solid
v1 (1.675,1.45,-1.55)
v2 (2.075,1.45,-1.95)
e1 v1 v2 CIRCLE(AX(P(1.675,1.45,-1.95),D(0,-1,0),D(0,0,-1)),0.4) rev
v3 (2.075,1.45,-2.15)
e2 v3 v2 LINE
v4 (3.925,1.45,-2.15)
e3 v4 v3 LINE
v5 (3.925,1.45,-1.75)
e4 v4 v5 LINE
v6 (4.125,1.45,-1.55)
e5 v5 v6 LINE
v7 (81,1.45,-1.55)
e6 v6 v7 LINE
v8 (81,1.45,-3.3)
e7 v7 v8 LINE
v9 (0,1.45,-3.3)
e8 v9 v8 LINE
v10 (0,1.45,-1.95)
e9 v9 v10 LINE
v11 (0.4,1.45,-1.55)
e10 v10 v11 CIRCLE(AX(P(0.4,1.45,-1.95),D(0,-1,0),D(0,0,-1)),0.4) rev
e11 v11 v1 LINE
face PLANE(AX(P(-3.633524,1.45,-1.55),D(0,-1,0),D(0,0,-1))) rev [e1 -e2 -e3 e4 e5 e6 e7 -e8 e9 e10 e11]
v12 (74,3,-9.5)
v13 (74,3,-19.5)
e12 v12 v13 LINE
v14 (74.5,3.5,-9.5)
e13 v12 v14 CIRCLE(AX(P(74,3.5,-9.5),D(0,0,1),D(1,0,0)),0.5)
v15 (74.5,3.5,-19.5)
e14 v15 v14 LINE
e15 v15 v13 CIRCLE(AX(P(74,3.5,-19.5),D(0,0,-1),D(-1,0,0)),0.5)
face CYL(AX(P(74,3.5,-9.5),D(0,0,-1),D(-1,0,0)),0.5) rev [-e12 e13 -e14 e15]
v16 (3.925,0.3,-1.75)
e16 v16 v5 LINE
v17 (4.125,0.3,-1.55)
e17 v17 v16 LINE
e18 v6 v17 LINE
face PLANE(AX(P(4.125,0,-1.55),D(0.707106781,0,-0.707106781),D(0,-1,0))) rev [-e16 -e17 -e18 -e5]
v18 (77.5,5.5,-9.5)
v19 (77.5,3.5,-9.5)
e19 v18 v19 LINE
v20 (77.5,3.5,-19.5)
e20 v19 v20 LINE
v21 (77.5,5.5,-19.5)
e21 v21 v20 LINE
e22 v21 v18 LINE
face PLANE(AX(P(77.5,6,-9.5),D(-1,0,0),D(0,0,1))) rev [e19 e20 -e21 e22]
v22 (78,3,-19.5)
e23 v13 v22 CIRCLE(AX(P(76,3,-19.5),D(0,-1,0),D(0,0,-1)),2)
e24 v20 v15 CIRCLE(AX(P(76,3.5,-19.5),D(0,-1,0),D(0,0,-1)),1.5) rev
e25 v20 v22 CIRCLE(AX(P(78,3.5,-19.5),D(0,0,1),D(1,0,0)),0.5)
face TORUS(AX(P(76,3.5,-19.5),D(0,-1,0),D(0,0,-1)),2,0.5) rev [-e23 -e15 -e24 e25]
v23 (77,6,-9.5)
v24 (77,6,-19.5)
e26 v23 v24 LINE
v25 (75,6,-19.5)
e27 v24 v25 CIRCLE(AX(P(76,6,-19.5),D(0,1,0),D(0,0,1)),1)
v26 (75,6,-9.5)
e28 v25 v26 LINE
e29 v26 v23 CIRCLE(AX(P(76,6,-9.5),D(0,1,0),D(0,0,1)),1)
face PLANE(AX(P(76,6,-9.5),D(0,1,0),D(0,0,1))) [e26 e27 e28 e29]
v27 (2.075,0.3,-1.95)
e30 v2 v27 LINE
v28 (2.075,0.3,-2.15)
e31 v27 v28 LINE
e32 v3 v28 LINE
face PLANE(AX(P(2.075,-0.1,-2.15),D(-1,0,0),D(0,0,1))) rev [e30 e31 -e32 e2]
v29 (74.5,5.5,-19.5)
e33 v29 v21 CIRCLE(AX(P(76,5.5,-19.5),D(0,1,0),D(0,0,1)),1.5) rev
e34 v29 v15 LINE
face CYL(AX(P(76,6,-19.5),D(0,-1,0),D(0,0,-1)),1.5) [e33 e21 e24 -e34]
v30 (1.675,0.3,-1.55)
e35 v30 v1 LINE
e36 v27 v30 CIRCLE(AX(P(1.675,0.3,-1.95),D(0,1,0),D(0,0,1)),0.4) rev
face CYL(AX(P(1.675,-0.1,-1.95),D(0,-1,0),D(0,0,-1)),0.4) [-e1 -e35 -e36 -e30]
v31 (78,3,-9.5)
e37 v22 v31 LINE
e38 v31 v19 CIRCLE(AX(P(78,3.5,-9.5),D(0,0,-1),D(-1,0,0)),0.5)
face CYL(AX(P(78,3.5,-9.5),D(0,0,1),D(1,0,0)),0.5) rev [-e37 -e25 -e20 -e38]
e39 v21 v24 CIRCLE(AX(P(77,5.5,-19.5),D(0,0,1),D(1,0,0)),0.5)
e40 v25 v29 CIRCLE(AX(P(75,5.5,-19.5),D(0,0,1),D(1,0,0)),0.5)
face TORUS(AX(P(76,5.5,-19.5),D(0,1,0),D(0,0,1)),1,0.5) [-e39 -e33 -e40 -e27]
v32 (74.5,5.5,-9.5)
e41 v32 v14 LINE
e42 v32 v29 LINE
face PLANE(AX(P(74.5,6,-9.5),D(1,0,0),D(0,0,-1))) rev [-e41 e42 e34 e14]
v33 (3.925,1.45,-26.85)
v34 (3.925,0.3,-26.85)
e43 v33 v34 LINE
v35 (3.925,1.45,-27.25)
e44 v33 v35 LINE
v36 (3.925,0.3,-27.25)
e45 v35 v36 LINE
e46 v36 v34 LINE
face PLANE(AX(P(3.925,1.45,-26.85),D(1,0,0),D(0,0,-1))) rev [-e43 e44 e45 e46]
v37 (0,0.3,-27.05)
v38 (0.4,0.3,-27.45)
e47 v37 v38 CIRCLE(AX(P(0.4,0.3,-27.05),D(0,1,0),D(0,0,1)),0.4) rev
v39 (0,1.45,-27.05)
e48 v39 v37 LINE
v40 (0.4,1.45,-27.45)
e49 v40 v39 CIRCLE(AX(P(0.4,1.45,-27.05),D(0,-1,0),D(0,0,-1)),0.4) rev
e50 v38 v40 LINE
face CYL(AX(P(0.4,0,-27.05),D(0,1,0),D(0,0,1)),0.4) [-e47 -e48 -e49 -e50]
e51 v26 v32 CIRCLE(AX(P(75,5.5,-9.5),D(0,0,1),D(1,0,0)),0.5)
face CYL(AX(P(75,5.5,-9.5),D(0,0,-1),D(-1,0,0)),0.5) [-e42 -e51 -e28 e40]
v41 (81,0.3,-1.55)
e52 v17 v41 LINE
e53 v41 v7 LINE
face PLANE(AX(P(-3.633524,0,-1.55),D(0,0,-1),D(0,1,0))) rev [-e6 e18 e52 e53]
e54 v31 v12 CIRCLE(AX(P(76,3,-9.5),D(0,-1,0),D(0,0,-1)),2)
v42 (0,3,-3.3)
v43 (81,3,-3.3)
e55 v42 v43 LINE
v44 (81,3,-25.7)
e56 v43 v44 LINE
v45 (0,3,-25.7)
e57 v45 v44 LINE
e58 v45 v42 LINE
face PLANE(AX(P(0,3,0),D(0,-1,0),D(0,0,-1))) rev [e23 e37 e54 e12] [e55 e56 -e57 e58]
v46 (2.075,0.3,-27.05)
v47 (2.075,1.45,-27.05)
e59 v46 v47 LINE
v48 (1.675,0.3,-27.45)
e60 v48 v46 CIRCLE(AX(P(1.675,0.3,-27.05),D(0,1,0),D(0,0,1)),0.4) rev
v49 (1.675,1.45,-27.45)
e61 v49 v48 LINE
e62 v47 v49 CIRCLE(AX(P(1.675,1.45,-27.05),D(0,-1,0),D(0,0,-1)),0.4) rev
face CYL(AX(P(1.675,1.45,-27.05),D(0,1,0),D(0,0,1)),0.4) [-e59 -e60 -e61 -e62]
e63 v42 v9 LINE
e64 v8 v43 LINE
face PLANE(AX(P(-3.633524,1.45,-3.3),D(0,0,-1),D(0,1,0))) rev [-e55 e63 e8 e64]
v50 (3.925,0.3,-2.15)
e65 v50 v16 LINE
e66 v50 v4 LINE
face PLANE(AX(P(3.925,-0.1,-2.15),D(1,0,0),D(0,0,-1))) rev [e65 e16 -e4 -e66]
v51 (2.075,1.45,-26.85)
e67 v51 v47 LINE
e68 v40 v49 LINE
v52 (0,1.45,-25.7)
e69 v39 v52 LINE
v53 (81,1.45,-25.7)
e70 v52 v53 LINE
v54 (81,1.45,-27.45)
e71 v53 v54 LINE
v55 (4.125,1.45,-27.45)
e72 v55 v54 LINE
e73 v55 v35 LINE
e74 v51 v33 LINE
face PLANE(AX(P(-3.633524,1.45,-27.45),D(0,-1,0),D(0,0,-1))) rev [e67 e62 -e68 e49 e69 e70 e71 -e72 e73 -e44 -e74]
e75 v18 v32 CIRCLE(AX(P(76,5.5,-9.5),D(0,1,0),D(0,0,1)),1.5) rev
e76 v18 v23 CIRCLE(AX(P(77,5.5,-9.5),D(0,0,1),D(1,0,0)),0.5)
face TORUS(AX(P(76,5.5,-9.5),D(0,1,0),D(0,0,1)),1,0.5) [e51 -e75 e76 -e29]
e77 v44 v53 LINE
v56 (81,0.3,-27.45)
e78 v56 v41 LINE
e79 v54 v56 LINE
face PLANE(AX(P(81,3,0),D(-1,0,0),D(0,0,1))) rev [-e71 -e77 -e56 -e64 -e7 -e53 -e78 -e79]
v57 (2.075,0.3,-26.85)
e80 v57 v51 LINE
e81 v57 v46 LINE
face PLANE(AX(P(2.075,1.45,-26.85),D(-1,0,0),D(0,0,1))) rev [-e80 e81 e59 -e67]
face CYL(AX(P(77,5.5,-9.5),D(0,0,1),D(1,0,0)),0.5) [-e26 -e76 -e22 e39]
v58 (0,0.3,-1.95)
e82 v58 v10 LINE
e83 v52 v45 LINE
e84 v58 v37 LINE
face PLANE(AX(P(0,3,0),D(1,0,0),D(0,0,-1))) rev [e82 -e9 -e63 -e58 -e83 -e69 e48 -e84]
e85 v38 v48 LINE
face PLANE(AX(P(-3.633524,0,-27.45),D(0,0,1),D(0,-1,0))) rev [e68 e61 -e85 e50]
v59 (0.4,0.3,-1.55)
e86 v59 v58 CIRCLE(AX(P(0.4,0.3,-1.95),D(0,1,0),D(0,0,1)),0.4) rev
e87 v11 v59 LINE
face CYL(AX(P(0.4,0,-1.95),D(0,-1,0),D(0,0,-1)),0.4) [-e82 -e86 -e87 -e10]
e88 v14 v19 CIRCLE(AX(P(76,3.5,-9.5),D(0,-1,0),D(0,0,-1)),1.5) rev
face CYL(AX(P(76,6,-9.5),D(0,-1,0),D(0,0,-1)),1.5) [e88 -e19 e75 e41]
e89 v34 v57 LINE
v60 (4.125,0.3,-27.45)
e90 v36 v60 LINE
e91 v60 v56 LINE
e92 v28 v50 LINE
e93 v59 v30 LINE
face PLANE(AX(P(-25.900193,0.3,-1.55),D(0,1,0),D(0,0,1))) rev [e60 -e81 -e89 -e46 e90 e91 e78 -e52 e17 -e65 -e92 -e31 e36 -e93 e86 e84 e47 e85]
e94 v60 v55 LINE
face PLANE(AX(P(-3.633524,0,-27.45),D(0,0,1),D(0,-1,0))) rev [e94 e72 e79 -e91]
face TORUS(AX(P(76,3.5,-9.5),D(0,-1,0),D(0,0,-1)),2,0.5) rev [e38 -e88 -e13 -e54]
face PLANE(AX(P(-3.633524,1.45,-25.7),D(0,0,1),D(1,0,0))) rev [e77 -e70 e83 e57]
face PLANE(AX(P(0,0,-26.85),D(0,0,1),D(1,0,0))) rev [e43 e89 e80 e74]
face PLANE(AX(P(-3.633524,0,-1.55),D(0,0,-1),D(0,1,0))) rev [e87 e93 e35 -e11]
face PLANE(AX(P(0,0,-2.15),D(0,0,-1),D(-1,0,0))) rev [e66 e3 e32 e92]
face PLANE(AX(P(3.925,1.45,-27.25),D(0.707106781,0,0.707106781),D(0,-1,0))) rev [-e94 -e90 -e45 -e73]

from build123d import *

# Parameters (mm, degrees)
SKETCH1_W           = 81
SKETCH1_H           = 29
BOSS_EXTRUDE1_DEPTH = 3
CUT_EXTRUDE2_DEPTH  = 81
CUT_EXTRUDE3_DEPTH  = 81
SKETCH6_W           = 1.85
SKETCH6_H           = 1.55
CUT_EXTRUDE5_DEPTH  = 0.6
FILLET6_R           = 0.4
CHAMFER2_SIZE       = 0.2
SKETCH7_W           = 1.85
SKETCH7_H           = 1.55
CUT_EXTRUDE6_DEPTH  = 0.6
FILLET7_R           = 0.4
CHAMFER3_SIZE       = 0.2
SKETCH11_W          = 81
SKETCH11_H          = 25.9
CUT_EXTRUDE7_DEPTH  = 0.2
FILLET8_R           = 0.4
BOSS_EXTRUDE2_DEPTH = 3
FILLET11_R          = 0.5
CUT_EXTRUDE8_REACH  = 87.735
SKETCH12_W          = 25.9
SKETCH12_H          = 0.1


with BuildPart() as part:
    # Sketch1 → Boss-Extrude1 (new body)
    with BuildSketch(Plane(origin=(0, 0, 0), x_dir=(1, 0, 0), z_dir=(0, 1, 0))):
        with Locations((40.5, 14.5)):
            Rectangle(SKETCH1_W, SKETCH1_H)
    extrude(amount=BOSS_EXTRUDE1_DEPTH)

    # Sketch2 → Cut-Extrude2 (cut)
    with BuildSketch(Plane(origin=(81, 0, 0), x_dir=(0, 0, -1), z_dir=(1, 0, 0))):
        Polygon((0, 3), (3, 3), (3, 1.75), (1.25, 1.75), (1.25, 0), (0, 0), align=None)
        Polygon((29, 0), (27.75, 0), (27.75, 1.75), (26, 1.75), (26, 3), (29, 3), align=None)
    extrude(amount=-CUT_EXTRUDE2_DEPTH, mode=Mode.SUBTRACT)

    # Sketch4 → Cut-Extrude3 (cut)
    with BuildSketch(Plane(origin=(81, 0, 0), x_dir=(0, 0, -1), z_dir=(1, 0, 0))):
        Polygon((27.75, 0), (27.45, 0), (27.45, 1.45), (25.7, 1.45), (25.7, 3), (26, 3), (26, 1.75), (27.75, 1.75), align=None)
        Polygon((3.3, 3), (3, 3), (3, 1.75), (1.25, 1.75), (1.25, 0), (1.55, 0), (1.55, 1.45), (3.3, 1.45), align=None)
    extrude(amount=-CUT_EXTRUDE3_DEPTH, mode=Mode.SUBTRACT)

    # Sketch6 → Cut-Extrude5 (cut)
    with BuildSketch(Plane.XY.offset(-1.55)):
        with Locations((3, 0.675)):
            Rectangle(SKETCH6_W, SKETCH6_H)
    extrude(amount=-CUT_EXTRUDE5_DEPTH, mode=Mode.SUBTRACT)

    # Fillet6
    fillet6_edges = [part.edges().sort_by_distance(p)[0] for p in [
        (2.075, 0.725, -1.55),
    ]]
    fillet(fillet6_edges, radius=FILLET6_R)

    # Chamfer2
    chamfer2_edges = [part.edges().sort_by_distance(p)[0] for p in [
        (3.925, 0.725, -1.55),
    ]]
    chamfer(chamfer2_edges, length=CHAMFER2_SIZE)

    # Sketch7 → Cut-Extrude6 (cut)
    with BuildSketch(Plane(origin=(0, 0, -27.45), x_dir=(-1, 0, 0), z_dir=(0, 0, -1))):
        with Locations((-3, 0.675)):
            Rectangle(SKETCH7_W, SKETCH7_H)
    extrude(amount=-CUT_EXTRUDE6_DEPTH, mode=Mode.SUBTRACT)

    # Fillet7
    fillet7_edges = [part.edges().sort_by_distance(p)[0] for p in [
        (2.075, 0.725, -27.45),
    ]]
    fillet(fillet7_edges, radius=FILLET7_R)

    # Chamfer3
    chamfer3_edges = [part.edges().sort_by_distance(p)[0] for p in [
        (3.925, 0.725, -27.45),
    ]]
    chamfer(chamfer3_edges, length=CHAMFER3_SIZE)

    # Sketch11 → Cut-Extrude7 (cut)
    with BuildSketch(Plane(origin=(0, 0, 0), x_dir=(-1, 0, 0), z_dir=(0, -1, 0))):
        with Locations((-40.5, 14.5)):
            Rectangle(SKETCH11_W, SKETCH11_H)
    extrude(amount=-CUT_EXTRUDE7_DEPTH, mode=Mode.SUBTRACT)

    # Fillet8
    fillet8_edges = [part.edges().sort_by_distance(p)[0] for p in [
        (0, 0.825, -27.45),
        (0, 0.825, -1.55),
    ]]
    fillet(fillet8_edges, radius=FILLET8_R)

    # Sketch9 → Boss-Extrude2 (add)
    with BuildSketch(Plane(origin=(0, 3, 0), x_dir=(1, 0, 0), z_dir=(0, 1, 0))):
        with BuildLine():
            Line((74.5, 9.5), (74.5, 19.5))
            ThreePointArc((74.5, 19.5), (76, 21), (77.5, 19.5))
            Line((77.5, 19.5), (77.5, 9.5))
            ThreePointArc((77.5, 9.5), (76, 8), (74.5, 9.5))
        make_face()
    extrude(amount=BOSS_EXTRUDE2_DEPTH)

    # Fillet11
    fillet11_edges = [part.edges().sort_by_distance(p)[0] for p in [
        (76, 3, -8),
        (77.5, 3, -14.5),
        (76, 3, -21),
        (74.5, 3, -14.5),
        (76, 6, -8),
        (77.5, 6, -14.5),
        (76, 6, -21),
        (74.5, 6, -14.5),
    ]]
    fillet(fillet11_edges, radius=FILLET11_R)

    # Cut-Extrude8: up to this face of the body (flat: up to its plane)
    cut_extrude8_end = Plane(part.part.faces().sort_by_distance((0, 1.56042628, -14.5))[0])
    # Sketch12 → Cut-Extrude8 (cut, up to the picked face)
    with BuildSketch(Plane(origin=(81, 0, 0), x_dir=(0, 0, -1), z_dir=(1, 0, 0)), mode=Mode.PRIVATE) as cut_extrude8_sk1:
        with Locations((14.5, 0.25)):
            Rectangle(SKETCH12_W, SKETCH12_H)
    cut_extrude8_tool1 = split(extrude(cut_extrude8_sk1.sketch, amount=-CUT_EXTRUDE8_REACH, mode=Mode.PRIVATE), bisect_by=cut_extrude8_end, keep=Keep.BOTH, mode=Mode.PRIVATE)
    add(cut_extrude8_tool1.solids().sort_by(Axis((81, 0.25, -14.5), (-1, 0, 0)))[0], mode=Mode.SUBTRACT)


solid = part.part
